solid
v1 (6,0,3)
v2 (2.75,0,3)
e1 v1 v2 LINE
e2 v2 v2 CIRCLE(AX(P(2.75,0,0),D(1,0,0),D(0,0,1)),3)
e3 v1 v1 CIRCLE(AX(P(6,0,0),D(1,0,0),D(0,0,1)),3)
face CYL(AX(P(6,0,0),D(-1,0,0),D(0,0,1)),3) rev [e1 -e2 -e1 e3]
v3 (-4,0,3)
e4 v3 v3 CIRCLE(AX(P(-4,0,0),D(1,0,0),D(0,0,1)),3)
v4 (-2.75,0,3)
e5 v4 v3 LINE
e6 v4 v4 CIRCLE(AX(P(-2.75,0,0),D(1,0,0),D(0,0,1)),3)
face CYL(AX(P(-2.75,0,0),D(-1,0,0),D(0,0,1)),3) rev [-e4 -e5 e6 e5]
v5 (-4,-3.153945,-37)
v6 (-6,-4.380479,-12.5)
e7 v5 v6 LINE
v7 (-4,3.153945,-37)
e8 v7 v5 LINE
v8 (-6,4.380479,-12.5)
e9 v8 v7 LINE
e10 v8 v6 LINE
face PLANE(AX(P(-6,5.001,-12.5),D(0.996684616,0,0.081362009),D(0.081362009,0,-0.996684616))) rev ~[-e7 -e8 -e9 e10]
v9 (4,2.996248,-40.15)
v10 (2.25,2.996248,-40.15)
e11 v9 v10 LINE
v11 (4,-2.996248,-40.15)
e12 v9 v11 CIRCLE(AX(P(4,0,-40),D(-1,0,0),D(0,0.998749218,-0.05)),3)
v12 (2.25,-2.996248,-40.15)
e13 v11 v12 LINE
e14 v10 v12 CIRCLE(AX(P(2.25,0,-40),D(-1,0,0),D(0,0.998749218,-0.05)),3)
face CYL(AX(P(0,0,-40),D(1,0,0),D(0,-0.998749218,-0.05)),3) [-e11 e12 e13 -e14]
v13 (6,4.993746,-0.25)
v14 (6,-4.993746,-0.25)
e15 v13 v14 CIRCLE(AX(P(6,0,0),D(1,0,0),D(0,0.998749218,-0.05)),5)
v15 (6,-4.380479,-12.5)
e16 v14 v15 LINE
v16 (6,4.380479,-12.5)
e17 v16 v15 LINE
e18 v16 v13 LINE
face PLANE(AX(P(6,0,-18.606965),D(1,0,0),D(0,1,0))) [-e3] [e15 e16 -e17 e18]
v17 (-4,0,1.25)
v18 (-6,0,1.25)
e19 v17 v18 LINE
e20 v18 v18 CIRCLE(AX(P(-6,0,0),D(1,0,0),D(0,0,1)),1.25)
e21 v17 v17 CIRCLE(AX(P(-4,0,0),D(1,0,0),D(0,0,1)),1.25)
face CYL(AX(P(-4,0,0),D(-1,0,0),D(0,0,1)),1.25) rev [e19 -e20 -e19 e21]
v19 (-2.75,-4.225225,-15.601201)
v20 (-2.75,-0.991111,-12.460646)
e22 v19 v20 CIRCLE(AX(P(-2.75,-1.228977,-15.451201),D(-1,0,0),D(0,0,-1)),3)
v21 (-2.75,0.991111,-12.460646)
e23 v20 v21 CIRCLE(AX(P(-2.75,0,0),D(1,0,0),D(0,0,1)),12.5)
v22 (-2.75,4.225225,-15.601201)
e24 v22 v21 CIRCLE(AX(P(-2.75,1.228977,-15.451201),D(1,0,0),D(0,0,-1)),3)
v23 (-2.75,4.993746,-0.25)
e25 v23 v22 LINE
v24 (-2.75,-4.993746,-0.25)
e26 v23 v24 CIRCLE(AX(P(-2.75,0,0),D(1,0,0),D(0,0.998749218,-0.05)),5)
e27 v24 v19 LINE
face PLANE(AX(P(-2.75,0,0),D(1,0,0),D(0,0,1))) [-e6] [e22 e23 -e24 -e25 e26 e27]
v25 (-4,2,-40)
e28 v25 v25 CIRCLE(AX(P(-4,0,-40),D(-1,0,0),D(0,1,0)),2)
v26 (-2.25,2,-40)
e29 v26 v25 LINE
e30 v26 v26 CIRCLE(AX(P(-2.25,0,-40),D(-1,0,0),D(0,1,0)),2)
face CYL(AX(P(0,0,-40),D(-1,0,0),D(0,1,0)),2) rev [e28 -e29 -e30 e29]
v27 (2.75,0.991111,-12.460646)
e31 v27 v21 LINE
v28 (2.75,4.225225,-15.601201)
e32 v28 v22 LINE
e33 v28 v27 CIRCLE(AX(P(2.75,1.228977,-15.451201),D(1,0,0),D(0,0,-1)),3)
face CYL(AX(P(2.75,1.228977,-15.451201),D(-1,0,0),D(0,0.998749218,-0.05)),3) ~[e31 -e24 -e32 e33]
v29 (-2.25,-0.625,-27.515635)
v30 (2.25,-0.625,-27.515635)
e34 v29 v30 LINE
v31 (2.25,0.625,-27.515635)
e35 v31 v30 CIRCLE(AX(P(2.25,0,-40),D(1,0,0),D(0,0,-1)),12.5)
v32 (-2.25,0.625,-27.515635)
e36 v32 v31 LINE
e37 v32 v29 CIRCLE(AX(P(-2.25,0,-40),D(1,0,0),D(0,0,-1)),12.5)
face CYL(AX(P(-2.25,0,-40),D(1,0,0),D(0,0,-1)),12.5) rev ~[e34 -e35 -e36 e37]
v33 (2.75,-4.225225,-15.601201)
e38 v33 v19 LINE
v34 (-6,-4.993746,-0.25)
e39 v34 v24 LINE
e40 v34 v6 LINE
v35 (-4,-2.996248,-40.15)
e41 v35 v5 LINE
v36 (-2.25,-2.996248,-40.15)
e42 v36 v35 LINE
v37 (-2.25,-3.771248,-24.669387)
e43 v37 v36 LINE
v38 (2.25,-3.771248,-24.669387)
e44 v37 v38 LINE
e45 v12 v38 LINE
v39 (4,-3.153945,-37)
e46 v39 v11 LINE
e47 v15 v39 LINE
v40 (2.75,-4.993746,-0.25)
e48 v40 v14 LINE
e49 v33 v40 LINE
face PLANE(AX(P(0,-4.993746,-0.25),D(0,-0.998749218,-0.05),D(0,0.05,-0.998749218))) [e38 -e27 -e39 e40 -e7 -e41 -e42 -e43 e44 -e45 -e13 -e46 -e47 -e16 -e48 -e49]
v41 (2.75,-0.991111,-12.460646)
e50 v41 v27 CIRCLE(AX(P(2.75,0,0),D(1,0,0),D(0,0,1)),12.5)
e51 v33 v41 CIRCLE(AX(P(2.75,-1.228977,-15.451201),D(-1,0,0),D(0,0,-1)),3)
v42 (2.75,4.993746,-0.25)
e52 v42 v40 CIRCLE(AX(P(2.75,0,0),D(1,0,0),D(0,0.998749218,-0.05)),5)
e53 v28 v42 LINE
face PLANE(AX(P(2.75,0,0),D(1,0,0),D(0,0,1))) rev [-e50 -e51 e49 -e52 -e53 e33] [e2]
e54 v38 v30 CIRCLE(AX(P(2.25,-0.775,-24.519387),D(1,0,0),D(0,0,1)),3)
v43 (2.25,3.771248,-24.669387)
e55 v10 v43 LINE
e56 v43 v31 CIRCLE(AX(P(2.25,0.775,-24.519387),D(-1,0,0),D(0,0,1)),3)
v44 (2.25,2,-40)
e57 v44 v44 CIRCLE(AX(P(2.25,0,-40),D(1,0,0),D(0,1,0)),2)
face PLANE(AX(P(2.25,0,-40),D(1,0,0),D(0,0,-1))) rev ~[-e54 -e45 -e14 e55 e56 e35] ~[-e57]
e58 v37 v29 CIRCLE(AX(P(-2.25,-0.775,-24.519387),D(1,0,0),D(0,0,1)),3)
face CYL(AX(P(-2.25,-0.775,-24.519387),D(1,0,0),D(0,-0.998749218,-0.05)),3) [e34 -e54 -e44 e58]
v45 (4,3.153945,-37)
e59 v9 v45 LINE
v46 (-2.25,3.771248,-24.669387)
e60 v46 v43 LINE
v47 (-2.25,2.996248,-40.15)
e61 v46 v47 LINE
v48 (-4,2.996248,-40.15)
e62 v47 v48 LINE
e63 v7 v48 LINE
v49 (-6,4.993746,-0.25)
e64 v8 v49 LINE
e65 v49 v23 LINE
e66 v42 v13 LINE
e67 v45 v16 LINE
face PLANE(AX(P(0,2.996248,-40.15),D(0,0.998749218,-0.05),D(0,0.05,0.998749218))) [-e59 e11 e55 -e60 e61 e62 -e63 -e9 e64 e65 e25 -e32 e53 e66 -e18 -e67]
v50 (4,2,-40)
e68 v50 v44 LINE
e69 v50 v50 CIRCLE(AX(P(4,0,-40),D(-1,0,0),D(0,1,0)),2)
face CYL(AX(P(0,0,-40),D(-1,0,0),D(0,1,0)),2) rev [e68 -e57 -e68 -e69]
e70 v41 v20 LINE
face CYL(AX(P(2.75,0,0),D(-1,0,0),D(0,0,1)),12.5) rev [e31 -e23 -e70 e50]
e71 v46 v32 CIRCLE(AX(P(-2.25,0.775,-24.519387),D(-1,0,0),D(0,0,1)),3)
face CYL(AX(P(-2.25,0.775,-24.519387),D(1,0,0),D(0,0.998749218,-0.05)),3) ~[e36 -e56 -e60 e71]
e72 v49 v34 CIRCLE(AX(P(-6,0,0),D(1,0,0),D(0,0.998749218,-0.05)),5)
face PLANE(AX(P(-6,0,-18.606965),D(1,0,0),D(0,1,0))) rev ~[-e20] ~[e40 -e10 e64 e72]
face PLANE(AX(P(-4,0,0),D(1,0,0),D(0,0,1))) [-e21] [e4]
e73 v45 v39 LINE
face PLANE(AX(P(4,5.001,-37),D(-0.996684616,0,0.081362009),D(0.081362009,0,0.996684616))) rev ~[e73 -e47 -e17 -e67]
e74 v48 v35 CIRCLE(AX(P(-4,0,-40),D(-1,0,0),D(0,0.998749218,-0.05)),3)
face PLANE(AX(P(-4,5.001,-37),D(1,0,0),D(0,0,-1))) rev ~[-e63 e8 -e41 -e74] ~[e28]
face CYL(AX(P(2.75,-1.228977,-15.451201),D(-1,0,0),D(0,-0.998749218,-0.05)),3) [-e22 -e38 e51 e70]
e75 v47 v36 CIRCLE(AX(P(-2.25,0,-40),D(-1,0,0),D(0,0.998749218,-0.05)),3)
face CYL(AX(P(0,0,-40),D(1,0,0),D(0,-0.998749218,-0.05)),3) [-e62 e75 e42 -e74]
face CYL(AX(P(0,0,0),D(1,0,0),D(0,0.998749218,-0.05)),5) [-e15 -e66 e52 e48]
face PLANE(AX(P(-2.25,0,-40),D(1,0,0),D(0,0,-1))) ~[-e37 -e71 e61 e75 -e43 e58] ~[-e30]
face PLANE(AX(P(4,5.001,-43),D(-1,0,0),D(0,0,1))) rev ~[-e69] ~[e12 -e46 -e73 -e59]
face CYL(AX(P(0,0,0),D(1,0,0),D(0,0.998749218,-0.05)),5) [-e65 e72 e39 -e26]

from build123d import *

# Parameters (mm, degrees)
F0_R     = 2
F0_R_2   = 1
F1_DEPTH = 6
F7_START = -5.001
F7_DEPTH = 10.002
F8_R     = 3


with BuildPart() as f1:
    # F0 (on Right) → F1 (new body, symmetric)
    with BuildSketch(Plane.YZ):
        with BuildLine():
            Line((2.9962476533, -40.15), (4.9937460889, -0.25))
            ThreePointArc((4.9937460889, -0.25), (0, 5), (-4.9937460889, -0.25))
            Line((-4.9937460889, -0.25), (-2.9962476533, -40.15))
            ThreePointArc((-2.9962476533, -40.15), (0, -43), (2.9962476533, -40.15))
        make_face()
        with Locations((0, -40)):
            Circle(F0_R, mode=Mode.SUBTRACT)
        Circle(F0_R_2, mode=Mode.SUBTRACT)
    extrude(amount=F1_DEPTH, both=True)

    # F2 (on Front) → F3 (revolve, cut)
    with BuildSketch(Plane.XZ):
        Polygon((2.75, 12.5), (-2.75, 12.5), (-2.75, 3), (-4, 3), (-4, 1.25), (-6, 1.25), (-6, 0), (6, 0), (6, 3), (2.75, 3), align=None)
    revolve(axis=Axis((0, 0, 0), (1, 0, 0)), mode=Mode.SUBTRACT)

    # F4 (on Front) → F5 (revolve, cut)
    with BuildSketch(Plane.XZ):
        Polygon((-2.25, -52.5), (0, -52.5), (2.25, -52.5), (2.25, -42), (6, -42), (6, -40), (-6, -40), (-6, -42), (-2.25, -42), align=None)
    revolve(axis=Axis((0, 0, -40), (1, 0, 0)), mode=Mode.SUBTRACT)

    # F6 (on Front) → F7 (intersect)
    with BuildSketch(Plane.XZ.offset(F7_START)):
        Polygon((-4, -43), (0, -43), (4, -43), (4, -37), (6, -12.5), (6, 5), (0, 5), (-6, 5), (-6, -12.5), (-4, -37), align=None)
    extrude(amount=F7_DEPTH, mode=Mode.INTERSECT)

    # F8
    f8_edges = [f1.edges().sort_by_distance(p)[0] for p in [
        (0, -4.420924, -11.69211),
        (0, 4.420924, -11.69211),
        (0, 3.602981, -28.030517),
        (0, -3.602981, -28.030517),
    ]]
    fillet(f8_edges, radius=F8_R)


solid = f1.part
